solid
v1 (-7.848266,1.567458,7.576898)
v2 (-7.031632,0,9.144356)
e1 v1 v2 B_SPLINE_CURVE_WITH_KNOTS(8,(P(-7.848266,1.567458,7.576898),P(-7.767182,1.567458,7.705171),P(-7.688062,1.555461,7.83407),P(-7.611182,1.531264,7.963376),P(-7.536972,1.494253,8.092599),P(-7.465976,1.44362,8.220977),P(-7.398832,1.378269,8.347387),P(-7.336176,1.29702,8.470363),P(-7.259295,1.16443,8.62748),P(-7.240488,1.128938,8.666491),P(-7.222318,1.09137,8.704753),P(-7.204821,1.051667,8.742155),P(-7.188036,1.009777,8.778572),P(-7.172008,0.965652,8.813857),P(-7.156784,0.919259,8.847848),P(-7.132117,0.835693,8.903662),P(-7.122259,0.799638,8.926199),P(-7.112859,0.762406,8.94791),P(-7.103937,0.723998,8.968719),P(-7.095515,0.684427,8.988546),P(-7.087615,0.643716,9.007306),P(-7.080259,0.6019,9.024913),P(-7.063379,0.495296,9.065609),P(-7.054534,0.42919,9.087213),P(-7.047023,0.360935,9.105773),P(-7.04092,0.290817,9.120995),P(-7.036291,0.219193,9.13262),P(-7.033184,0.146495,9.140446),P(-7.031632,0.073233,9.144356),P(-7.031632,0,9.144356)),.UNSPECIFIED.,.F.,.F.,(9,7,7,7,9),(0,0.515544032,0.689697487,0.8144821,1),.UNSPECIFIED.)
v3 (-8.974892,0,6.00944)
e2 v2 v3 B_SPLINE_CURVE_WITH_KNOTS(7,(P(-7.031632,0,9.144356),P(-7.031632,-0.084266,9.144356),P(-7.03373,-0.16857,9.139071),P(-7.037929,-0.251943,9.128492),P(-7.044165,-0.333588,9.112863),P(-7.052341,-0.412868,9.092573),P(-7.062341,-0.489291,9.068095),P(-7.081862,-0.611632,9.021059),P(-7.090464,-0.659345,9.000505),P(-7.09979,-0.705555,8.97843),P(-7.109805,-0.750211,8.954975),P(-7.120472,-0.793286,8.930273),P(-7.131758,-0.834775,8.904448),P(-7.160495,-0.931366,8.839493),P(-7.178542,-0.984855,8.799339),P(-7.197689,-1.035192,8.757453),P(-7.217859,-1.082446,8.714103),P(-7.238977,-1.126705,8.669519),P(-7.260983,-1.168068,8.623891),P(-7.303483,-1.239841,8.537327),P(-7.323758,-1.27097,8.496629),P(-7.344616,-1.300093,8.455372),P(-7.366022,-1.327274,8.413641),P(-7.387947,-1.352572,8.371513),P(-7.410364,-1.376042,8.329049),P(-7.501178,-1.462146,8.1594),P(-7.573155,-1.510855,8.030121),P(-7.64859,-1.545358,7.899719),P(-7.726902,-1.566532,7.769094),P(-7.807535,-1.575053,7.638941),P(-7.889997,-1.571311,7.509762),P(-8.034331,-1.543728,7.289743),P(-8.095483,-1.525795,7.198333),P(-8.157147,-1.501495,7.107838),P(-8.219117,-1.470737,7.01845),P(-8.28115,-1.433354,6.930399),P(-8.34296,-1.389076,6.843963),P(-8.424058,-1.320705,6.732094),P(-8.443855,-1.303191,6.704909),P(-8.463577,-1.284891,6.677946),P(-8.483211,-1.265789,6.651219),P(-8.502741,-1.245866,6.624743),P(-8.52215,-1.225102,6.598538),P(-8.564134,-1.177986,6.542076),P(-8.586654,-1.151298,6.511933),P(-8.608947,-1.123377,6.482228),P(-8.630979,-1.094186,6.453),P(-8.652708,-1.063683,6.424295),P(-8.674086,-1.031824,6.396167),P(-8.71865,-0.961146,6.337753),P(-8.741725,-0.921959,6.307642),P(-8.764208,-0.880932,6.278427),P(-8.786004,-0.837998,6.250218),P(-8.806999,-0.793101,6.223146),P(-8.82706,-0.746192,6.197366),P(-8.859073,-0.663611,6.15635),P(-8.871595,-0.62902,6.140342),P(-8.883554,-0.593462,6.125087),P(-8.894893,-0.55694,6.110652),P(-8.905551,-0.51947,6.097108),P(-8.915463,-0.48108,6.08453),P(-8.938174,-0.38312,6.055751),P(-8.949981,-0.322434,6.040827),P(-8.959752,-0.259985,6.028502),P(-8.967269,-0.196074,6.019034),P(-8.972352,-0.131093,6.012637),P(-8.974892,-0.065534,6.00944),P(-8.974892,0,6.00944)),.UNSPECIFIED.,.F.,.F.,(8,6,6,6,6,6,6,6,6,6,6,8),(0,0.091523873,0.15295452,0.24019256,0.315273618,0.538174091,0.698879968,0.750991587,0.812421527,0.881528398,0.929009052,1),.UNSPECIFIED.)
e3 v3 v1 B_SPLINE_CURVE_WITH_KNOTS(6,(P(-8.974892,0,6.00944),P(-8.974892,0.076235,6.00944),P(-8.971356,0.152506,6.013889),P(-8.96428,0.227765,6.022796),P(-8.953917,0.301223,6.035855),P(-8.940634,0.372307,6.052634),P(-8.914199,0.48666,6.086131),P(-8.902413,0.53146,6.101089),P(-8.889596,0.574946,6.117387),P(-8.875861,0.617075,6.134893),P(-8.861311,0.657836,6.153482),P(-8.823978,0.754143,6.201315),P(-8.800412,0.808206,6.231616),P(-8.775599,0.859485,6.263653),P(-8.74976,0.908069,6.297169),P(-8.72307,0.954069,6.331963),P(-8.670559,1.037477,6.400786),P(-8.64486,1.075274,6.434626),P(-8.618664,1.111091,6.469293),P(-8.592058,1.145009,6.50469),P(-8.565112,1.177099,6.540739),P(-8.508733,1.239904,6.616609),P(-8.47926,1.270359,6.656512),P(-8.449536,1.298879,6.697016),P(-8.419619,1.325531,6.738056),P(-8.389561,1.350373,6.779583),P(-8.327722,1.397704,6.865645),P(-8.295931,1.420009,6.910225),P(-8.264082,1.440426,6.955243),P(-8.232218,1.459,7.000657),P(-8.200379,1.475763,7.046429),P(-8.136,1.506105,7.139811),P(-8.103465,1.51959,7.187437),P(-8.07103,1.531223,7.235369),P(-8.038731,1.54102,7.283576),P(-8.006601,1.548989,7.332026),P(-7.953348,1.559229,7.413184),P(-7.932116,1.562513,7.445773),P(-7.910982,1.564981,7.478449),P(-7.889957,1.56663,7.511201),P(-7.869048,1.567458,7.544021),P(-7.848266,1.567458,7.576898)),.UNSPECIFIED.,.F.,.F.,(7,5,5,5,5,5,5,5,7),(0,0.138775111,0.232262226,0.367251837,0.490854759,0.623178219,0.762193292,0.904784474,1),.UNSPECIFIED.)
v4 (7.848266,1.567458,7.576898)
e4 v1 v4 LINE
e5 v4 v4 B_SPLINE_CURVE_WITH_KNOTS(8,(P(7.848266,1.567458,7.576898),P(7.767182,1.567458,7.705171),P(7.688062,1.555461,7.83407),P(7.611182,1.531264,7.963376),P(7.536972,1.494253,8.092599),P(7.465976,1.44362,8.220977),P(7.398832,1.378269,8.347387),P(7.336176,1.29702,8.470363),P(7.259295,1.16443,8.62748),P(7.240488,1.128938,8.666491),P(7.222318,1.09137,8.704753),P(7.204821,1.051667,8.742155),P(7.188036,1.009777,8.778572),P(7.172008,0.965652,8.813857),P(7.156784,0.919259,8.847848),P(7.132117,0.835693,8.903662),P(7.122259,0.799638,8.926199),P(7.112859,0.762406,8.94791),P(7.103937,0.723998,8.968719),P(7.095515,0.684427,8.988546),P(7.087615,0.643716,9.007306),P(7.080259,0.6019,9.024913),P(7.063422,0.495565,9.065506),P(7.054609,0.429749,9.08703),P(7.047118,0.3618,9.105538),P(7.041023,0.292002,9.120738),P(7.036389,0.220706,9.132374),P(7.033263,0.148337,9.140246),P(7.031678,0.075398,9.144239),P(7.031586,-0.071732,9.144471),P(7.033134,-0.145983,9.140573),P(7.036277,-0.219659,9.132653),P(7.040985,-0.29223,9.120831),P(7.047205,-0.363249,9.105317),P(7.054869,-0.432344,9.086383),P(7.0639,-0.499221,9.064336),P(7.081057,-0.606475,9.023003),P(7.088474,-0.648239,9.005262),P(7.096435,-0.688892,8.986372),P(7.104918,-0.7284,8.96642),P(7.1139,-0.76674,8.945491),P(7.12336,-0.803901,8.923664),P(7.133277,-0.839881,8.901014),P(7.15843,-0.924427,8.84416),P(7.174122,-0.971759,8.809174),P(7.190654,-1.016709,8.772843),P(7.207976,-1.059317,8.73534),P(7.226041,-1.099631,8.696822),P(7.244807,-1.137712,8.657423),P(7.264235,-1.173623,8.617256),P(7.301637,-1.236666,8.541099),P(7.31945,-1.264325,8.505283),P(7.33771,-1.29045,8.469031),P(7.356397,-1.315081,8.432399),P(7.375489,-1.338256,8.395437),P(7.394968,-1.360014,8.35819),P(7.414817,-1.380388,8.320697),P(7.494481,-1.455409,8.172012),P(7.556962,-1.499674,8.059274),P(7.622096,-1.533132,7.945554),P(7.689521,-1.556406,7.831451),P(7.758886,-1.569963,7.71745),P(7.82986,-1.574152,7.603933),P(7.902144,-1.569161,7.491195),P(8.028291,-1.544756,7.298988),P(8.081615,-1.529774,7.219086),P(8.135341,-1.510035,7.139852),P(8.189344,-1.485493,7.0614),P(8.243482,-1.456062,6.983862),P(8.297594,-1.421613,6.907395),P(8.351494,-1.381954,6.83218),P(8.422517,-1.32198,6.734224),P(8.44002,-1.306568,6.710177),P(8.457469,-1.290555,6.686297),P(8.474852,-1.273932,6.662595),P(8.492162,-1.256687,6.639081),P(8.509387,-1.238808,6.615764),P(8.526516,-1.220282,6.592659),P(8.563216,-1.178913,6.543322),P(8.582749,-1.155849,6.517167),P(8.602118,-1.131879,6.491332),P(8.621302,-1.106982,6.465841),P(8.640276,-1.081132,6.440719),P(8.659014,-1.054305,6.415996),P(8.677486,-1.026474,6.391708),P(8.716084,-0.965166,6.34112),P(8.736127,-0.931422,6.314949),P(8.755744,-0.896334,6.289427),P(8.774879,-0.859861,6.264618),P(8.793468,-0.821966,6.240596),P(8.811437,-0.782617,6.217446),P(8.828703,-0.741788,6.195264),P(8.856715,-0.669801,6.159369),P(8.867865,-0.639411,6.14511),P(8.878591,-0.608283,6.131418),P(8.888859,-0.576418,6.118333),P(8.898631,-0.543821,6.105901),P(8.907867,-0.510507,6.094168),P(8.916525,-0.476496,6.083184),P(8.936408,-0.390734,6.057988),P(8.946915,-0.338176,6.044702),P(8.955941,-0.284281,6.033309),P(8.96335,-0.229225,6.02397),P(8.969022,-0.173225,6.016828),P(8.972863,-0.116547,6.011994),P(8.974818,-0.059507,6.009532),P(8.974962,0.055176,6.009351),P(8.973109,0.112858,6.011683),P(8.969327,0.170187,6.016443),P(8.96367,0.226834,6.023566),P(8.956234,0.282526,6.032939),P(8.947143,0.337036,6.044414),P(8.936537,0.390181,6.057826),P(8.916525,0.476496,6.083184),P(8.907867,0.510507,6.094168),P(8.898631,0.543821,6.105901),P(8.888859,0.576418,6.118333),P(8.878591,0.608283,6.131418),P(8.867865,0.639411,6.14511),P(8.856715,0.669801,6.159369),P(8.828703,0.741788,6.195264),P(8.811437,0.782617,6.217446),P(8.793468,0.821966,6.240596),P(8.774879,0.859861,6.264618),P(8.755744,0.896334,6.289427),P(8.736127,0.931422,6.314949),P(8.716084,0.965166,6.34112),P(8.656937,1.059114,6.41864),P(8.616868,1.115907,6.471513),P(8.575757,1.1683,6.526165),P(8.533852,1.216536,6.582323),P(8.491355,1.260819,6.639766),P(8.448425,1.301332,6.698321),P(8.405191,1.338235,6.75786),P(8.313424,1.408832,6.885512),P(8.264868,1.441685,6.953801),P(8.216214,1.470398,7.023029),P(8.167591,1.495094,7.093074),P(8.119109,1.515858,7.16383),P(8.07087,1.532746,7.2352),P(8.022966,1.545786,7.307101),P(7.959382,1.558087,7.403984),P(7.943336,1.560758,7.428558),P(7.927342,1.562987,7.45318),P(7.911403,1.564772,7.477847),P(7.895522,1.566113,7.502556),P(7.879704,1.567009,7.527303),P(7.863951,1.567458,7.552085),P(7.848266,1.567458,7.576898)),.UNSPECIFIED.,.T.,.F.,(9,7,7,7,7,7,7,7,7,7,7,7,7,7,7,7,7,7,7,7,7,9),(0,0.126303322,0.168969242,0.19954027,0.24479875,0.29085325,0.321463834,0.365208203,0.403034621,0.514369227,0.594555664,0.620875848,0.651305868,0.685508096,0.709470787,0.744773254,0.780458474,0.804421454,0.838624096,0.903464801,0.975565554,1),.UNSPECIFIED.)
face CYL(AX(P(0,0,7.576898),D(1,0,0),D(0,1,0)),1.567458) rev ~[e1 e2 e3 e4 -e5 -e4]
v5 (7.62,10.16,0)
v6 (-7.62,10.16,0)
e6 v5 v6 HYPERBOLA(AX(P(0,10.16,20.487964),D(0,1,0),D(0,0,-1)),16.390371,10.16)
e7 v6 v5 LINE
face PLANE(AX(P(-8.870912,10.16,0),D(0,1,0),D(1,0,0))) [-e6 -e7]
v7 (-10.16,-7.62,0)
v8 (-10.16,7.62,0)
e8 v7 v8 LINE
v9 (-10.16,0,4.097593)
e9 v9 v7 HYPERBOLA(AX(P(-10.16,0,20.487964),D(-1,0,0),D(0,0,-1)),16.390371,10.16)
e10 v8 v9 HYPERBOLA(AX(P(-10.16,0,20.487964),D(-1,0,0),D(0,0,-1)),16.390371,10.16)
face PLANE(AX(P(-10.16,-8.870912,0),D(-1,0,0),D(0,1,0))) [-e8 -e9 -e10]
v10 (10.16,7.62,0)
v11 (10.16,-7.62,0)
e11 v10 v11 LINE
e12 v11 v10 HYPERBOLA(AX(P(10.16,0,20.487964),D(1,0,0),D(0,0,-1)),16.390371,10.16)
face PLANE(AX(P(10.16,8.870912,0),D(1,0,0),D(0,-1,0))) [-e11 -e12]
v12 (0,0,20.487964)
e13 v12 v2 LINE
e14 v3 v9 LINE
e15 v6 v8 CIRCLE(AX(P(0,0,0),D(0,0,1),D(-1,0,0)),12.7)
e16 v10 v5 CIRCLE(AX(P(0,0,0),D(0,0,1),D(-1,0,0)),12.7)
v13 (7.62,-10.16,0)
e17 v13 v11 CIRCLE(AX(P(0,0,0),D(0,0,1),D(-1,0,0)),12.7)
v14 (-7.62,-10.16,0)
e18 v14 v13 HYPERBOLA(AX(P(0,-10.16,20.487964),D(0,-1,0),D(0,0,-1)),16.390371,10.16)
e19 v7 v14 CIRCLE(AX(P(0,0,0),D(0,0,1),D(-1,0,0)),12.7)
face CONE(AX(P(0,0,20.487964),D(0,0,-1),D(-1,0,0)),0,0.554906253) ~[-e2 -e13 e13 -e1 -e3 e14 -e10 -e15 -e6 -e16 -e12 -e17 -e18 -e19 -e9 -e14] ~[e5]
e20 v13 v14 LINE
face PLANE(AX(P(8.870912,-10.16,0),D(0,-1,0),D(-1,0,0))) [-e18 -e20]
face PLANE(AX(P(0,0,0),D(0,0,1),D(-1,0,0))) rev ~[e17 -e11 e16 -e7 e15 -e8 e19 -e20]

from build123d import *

# Parameters (mm, degrees)
F4_DEPTH = 25.4
F5_R     = 1.567458
F6_DEPTH = 12.7


with BuildPart() as f2:
    # F0 (on Front) → F2 (revolve)
    with BuildSketch(Plane.XZ):
        Polygon((-12.7, 0), (0, 0), (0, 20.487964), align=None)
    revolve(axis=Axis((0, 0, 41.735996), (0, 0, 1)))

    # F3 (on Top) → F4 (cut)
    with BuildSketch(Plane.XY):
        with BuildLine():
            Line((-8.870912, 10.16), (8.870912, 10.16))
            ThreePointArc((8.870912, 10.16), (0, 13.487723), (-8.870912, 10.16))
        make_face()
        with BuildLine():
            ThreePointArc((-8.870912, -10.16), (0, -13.487723), (8.870912, -10.16))
            Line((8.870912, -10.16), (-8.870912, -10.16))
        make_face()
        with BuildLine():
            ThreePointArc((10.16, -8.870912), (13.487723, 0), (10.16, 8.870912))
            Line((10.16, 8.870912), (10.16, -8.870912))
        make_face()
        with BuildLine():
            Line((-10.16, -8.870912), (-10.16, 8.870912))
            ThreePointArc((-10.16, 8.870912), (-13.487723, 0), (-10.16, -8.870912))
        make_face()
    extrude(amount=F4_DEPTH, mode=Mode.SUBTRACT)

    # F5 (on Right) → F6 (cut, symmetric)
    with BuildSketch(Plane.YZ):
        with Locations((0, 7.576898)):
            Circle(F5_R)
    extrude(amount=F6_DEPTH, both=True, mode=Mode.SUBTRACT)


solid = f2.part
